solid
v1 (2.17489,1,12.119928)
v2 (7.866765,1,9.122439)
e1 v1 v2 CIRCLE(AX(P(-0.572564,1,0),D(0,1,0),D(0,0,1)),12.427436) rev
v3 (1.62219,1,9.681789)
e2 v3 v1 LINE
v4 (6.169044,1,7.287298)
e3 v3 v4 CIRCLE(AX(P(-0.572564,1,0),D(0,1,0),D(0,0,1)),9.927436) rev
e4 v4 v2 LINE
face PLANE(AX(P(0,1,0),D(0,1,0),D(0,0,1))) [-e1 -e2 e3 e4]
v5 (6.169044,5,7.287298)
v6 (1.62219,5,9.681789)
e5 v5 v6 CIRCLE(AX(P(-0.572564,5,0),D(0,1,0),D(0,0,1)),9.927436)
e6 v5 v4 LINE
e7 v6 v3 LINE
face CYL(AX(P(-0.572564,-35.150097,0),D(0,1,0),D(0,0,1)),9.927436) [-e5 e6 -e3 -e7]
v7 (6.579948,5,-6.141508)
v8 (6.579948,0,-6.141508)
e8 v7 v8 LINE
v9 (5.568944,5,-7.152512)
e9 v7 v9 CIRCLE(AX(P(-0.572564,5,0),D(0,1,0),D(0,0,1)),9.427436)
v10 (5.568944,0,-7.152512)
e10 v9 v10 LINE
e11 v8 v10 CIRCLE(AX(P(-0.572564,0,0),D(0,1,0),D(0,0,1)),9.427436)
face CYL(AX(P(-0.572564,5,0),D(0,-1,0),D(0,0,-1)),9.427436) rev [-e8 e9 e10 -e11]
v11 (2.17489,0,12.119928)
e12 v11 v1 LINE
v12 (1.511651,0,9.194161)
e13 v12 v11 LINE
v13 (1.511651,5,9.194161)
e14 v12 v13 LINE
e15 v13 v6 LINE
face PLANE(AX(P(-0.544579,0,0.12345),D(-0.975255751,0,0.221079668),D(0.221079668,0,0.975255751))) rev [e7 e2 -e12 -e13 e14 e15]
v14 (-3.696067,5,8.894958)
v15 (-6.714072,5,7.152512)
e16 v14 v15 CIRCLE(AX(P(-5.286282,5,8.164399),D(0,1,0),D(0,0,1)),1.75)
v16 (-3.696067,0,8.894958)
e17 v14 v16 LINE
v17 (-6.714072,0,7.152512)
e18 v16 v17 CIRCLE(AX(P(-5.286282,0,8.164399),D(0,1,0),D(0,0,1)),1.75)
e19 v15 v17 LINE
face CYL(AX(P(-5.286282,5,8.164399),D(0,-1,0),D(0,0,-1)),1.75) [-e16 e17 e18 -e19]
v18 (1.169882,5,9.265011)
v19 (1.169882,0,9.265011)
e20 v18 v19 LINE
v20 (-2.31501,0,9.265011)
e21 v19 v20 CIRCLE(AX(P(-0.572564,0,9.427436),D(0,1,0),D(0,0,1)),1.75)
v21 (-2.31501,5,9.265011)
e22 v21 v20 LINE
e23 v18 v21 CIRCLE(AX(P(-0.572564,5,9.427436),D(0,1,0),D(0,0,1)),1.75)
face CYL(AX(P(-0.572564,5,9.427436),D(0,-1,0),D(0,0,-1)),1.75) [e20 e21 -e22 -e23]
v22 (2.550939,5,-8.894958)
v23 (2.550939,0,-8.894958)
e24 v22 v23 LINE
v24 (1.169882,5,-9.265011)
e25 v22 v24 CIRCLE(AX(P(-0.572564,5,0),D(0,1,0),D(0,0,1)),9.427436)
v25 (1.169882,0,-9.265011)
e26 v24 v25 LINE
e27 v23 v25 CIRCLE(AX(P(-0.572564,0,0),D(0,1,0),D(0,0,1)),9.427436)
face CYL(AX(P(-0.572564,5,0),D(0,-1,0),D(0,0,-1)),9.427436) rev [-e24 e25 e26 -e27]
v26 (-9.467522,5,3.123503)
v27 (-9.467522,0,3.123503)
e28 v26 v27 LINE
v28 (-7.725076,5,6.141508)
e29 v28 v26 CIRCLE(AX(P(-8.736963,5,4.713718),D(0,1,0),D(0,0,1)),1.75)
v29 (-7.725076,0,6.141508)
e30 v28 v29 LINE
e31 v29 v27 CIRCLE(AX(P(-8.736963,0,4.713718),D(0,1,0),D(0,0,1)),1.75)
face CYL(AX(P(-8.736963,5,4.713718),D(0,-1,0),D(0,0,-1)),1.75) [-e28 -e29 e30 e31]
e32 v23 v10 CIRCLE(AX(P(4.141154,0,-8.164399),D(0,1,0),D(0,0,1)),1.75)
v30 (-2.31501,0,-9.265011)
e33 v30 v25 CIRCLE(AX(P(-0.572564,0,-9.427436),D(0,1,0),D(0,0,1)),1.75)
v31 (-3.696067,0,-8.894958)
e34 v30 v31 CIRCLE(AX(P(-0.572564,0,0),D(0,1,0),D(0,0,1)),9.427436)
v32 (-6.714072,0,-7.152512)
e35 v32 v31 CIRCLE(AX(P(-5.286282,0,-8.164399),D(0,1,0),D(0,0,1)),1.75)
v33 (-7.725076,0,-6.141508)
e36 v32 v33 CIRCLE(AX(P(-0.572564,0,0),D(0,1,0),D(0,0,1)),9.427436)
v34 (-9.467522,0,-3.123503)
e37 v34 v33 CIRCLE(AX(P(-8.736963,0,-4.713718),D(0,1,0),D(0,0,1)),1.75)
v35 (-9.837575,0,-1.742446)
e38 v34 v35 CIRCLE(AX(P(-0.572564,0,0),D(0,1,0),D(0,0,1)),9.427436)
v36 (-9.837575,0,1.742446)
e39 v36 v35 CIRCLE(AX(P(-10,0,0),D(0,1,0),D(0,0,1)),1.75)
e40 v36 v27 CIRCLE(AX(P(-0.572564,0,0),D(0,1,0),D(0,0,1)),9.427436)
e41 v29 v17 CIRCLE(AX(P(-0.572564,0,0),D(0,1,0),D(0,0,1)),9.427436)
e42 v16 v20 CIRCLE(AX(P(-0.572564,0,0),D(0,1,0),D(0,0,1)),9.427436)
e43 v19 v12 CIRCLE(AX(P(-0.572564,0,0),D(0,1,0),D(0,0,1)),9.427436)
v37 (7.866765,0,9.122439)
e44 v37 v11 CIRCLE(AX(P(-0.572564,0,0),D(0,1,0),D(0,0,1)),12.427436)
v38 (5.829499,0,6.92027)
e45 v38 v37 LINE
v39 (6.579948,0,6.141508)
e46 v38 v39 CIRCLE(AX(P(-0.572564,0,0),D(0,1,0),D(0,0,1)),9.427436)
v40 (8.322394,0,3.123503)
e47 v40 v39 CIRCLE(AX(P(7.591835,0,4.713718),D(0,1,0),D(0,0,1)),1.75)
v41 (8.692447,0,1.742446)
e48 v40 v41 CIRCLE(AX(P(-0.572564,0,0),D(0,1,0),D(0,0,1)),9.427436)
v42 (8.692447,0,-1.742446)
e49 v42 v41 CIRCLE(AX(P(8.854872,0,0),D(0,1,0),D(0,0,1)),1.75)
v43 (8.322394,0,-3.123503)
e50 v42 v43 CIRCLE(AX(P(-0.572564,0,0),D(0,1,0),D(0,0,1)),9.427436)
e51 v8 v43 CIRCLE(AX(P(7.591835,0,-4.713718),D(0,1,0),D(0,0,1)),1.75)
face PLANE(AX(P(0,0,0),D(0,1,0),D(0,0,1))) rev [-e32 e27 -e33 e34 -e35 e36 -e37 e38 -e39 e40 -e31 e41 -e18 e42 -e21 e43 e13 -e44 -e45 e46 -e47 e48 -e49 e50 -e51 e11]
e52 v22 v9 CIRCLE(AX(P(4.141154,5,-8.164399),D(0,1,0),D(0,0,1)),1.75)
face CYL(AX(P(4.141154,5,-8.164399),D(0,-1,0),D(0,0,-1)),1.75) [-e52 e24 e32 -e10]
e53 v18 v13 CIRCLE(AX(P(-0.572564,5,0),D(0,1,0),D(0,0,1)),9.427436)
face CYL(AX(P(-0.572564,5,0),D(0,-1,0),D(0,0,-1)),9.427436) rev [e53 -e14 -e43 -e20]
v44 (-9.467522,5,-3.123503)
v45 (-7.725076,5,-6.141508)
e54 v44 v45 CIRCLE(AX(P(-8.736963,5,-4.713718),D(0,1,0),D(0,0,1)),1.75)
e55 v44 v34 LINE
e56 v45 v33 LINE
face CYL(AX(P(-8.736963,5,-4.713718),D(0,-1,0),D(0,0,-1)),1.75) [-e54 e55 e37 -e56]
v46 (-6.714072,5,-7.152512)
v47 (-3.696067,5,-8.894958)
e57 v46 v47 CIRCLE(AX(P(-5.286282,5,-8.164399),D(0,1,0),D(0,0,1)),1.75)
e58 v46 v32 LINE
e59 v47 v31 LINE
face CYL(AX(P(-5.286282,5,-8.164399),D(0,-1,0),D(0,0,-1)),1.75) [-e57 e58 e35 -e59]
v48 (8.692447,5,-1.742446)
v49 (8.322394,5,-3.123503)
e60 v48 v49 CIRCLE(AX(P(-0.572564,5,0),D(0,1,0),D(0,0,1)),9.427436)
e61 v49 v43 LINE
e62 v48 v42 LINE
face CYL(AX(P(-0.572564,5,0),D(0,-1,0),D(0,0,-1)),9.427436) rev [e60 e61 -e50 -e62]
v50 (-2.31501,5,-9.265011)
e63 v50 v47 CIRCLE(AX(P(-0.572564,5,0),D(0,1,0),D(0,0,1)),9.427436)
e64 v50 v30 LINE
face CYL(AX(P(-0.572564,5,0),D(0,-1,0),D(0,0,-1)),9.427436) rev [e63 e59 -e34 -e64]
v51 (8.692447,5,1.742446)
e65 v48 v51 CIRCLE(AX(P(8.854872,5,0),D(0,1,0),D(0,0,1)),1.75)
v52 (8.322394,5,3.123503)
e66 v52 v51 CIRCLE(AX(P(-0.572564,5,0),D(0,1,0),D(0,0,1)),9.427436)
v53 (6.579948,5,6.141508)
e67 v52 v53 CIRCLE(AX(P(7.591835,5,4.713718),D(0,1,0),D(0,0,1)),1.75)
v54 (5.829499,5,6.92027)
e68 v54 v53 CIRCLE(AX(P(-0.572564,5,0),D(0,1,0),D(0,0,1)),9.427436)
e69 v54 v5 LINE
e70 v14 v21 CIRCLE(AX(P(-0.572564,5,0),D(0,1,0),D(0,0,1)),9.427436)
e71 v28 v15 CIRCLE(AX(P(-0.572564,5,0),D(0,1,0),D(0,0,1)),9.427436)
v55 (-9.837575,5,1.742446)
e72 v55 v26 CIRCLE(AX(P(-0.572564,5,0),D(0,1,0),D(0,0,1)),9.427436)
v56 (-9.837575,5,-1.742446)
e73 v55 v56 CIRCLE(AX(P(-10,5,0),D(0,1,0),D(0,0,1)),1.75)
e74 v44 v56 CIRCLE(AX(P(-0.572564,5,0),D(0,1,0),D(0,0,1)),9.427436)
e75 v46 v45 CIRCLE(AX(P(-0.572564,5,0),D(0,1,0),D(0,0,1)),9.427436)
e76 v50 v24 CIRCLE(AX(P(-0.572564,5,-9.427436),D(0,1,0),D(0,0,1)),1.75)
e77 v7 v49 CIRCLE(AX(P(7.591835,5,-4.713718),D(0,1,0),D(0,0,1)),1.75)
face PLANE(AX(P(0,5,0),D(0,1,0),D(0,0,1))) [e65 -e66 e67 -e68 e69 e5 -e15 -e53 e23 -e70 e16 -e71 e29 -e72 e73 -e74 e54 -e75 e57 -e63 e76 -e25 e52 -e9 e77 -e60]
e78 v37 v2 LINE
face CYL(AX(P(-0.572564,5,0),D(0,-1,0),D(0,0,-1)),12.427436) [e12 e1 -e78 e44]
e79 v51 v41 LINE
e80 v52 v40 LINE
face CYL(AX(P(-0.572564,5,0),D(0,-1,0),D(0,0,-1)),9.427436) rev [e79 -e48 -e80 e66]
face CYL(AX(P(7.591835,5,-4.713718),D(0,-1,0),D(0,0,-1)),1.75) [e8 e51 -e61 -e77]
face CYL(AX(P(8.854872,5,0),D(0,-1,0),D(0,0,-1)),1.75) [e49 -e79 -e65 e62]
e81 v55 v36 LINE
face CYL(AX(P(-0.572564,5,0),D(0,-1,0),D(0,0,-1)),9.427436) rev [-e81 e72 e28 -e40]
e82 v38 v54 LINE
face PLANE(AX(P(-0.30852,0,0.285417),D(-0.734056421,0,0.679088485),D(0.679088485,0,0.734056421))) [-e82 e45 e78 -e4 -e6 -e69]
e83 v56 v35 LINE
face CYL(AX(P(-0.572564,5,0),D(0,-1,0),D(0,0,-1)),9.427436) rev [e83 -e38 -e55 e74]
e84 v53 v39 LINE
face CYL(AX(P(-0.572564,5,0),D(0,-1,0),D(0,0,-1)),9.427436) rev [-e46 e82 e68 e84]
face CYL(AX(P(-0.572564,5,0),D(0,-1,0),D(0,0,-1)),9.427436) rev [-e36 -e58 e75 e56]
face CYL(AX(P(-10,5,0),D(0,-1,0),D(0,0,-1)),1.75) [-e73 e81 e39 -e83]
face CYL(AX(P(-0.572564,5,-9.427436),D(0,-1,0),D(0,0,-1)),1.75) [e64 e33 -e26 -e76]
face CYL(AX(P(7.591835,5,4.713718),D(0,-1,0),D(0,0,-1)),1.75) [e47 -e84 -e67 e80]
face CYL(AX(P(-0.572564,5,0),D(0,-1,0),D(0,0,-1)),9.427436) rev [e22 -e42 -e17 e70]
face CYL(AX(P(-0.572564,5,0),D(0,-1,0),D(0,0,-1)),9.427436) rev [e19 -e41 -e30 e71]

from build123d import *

# Parameters (mm, degrees)
SKETCH1_R           = 12.427436065
BOSS_EXTRUDE1_DEPTH = 5
CUT_EXTRUDE1_DEPTH  = 4
CUT_EXTRUDE2_DEPTH  = 6


with BuildPart() as part:
    # Sketch1 → Boss-Extrude1 (new body)
    with BuildSketch(Plane(origin=(0, 0, 0), x_dir=(1, 0, 0), z_dir=(0, 1, 0))):
        with Locations((-0.572563935, 0)):
            Circle(SKETCH1_R)
        with BuildLine():
            ThreePointArc((-9.837575138, 1.742446029), (-9.678767906, 2.44), (-9.467522018, 3.123503075))
            ThreePointArc((-9.467522018, 3.123503075), (-7.221418603, 3.838718032), (-7.725075989, 6.141508127))
            ThreePointArc((-7.725075989, 6.141508127), (-7.238767906, 6.66620397), (-6.714072063, 7.152512053))
            ThreePointArc((-6.714072063, 7.152512053), (-4.411281968, 6.648854668), (-3.696067011, 8.894958082))
            ThreePointArc((-3.696067011, 8.894958082), (-3.012563935, 9.10620397), (-2.315009965, 9.265011203))
            ThreePointArc((-2.315009965, 9.265011203), (-0.572563935, 7.677436065), (1.169882094, 9.265011203))
            ThreePointArc((1.169882094, 9.265011203), (1.867436065, 9.10620397), (2.55093914, 8.894958082))
            ThreePointArc((2.55093914, 8.894958082), (3.266154097, 6.648854668), (5.568944192, 7.152512053))
            ThreePointArc((5.568944192, 7.152512053), (6.093640035, 6.66620397), (6.579948118, 6.141508127))
            ThreePointArc((6.579948118, 6.141508127), (6.076290732, 3.838718032), (8.322394147, 3.123503075))
            ThreePointArc((8.322394147, 3.123503075), (8.533640035, 2.44), (8.692447267, 1.742446029))
            ThreePointArc((8.692447267, 1.742446029), (7.104872129, 0), (8.692447267, -1.742446029))
            ThreePointArc((8.692447267, -1.742446029), (8.533640035, -2.44), (8.322394147, -3.123503075))
            ThreePointArc((8.322394147, -3.123503075), (6.076290732, -3.838718032), (6.579948118, -6.141508127))
            ThreePointArc((6.579948118, -6.141508127), (6.093640035, -6.66620397), (5.568944192, -7.152512053))
            ThreePointArc((5.568944192, -7.152512053), (3.266154097, -6.648854668), (2.55093914, -8.894958082))
            ThreePointArc((2.55093914, -8.894958082), (1.867436065, -9.10620397), (1.169882094, -9.265011203))
            ThreePointArc((1.169882094, -9.265011203), (-0.572563935, -7.677436065), (-2.315009965, -9.265011203))
            ThreePointArc((-2.315009965, -9.265011203), (-3.012563935, -9.10620397), (-3.696067011, -8.894958082))
            ThreePointArc((-3.696067011, -8.894958082), (-4.411281968, -6.648854668), (-6.714072063, -7.152512053))
            ThreePointArc((-6.714072063, -7.152512053), (-7.238767906, -6.66620397), (-7.725075989, -6.141508127))
            ThreePointArc((-7.725075989, -6.141508127), (-7.221418603, -3.838718032), (-9.467522018, -3.123503075))
            ThreePointArc((-9.467522018, -3.123503075), (-9.678767906, -2.44), (-9.837575138, -1.742446029))
            ThreePointArc((-9.837575138, -1.742446029), (-8.25, 0), (-9.837575138, 1.742446029))
        make_face(mode=Mode.SUBTRACT)
    extrude(amount=BOSS_EXTRUDE1_DEPTH)

    # Sketch3 → Cut-Extrude1 (cut)
    with BuildSketch(Plane(origin=(0, 5, 0), x_dir=(1, 0, 0), z_dir=(0, 1, 0))):
        with BuildLine():
            ThreePointArc((6.169043579, -7.287298192), (4.053237314, -8.783845947), (1.622190338, -9.681789116))
            Line((1.622190338, -9.681789116), (2.17488951, -12.119928494))
            ThreePointArc((2.17488951, -12.119928494), (5.218140623, -10.995858668), (7.866764791, -9.122439246))
            Line((7.866764791, -9.122439246), (6.169043579, -7.287298192))
        make_face()
        with BuildLine():
            Line((2.17488951, -12.119928494), (1.622190338, -9.681789116))
            ThreePointArc((1.622190338, -9.681789116), (-8.329569464, 6.19538958), (9.354872129, 0))
            ThreePointArc((9.354872129, 0), (8.523612855, -3.976626035), (6.169043579, -7.287298192))
            Line((6.169043579, -7.287298192), (7.866764791, -9.122439246))
            ThreePointArc((7.866764791, -9.122439246), (10.814279027, -4.978049265), (11.854872129, 0))
            ThreePointArc((11.854872129, 0), (-10.282995676, 7.755558172), (2.17488951, -12.119928494))
        make_face()
    extrude(amount=-CUT_EXTRUDE1_DEPTH, mode=Mode.SUBTRACT)

    # Sketch3<3> → Cut-Extrude2 (cut, through all)
    with BuildSketch(Plane(origin=(0, 5, 0), x_dir=(1, 0, 0), z_dir=(0, 1, 0))):
        Polygon((55.39886132, -60.501959687), (7.866764791, -9.122439246), (-0.572563935, 0), (2.17488951, -12.119928494), (17.649132378, -80.381946696), (82.878094772, -204.24398184), (120.627823714, -184.363994832), align=None)
    extrude(amount=-CUT_EXTRUDE2_DEPTH, mode=Mode.SUBTRACT)


solid = part.part
